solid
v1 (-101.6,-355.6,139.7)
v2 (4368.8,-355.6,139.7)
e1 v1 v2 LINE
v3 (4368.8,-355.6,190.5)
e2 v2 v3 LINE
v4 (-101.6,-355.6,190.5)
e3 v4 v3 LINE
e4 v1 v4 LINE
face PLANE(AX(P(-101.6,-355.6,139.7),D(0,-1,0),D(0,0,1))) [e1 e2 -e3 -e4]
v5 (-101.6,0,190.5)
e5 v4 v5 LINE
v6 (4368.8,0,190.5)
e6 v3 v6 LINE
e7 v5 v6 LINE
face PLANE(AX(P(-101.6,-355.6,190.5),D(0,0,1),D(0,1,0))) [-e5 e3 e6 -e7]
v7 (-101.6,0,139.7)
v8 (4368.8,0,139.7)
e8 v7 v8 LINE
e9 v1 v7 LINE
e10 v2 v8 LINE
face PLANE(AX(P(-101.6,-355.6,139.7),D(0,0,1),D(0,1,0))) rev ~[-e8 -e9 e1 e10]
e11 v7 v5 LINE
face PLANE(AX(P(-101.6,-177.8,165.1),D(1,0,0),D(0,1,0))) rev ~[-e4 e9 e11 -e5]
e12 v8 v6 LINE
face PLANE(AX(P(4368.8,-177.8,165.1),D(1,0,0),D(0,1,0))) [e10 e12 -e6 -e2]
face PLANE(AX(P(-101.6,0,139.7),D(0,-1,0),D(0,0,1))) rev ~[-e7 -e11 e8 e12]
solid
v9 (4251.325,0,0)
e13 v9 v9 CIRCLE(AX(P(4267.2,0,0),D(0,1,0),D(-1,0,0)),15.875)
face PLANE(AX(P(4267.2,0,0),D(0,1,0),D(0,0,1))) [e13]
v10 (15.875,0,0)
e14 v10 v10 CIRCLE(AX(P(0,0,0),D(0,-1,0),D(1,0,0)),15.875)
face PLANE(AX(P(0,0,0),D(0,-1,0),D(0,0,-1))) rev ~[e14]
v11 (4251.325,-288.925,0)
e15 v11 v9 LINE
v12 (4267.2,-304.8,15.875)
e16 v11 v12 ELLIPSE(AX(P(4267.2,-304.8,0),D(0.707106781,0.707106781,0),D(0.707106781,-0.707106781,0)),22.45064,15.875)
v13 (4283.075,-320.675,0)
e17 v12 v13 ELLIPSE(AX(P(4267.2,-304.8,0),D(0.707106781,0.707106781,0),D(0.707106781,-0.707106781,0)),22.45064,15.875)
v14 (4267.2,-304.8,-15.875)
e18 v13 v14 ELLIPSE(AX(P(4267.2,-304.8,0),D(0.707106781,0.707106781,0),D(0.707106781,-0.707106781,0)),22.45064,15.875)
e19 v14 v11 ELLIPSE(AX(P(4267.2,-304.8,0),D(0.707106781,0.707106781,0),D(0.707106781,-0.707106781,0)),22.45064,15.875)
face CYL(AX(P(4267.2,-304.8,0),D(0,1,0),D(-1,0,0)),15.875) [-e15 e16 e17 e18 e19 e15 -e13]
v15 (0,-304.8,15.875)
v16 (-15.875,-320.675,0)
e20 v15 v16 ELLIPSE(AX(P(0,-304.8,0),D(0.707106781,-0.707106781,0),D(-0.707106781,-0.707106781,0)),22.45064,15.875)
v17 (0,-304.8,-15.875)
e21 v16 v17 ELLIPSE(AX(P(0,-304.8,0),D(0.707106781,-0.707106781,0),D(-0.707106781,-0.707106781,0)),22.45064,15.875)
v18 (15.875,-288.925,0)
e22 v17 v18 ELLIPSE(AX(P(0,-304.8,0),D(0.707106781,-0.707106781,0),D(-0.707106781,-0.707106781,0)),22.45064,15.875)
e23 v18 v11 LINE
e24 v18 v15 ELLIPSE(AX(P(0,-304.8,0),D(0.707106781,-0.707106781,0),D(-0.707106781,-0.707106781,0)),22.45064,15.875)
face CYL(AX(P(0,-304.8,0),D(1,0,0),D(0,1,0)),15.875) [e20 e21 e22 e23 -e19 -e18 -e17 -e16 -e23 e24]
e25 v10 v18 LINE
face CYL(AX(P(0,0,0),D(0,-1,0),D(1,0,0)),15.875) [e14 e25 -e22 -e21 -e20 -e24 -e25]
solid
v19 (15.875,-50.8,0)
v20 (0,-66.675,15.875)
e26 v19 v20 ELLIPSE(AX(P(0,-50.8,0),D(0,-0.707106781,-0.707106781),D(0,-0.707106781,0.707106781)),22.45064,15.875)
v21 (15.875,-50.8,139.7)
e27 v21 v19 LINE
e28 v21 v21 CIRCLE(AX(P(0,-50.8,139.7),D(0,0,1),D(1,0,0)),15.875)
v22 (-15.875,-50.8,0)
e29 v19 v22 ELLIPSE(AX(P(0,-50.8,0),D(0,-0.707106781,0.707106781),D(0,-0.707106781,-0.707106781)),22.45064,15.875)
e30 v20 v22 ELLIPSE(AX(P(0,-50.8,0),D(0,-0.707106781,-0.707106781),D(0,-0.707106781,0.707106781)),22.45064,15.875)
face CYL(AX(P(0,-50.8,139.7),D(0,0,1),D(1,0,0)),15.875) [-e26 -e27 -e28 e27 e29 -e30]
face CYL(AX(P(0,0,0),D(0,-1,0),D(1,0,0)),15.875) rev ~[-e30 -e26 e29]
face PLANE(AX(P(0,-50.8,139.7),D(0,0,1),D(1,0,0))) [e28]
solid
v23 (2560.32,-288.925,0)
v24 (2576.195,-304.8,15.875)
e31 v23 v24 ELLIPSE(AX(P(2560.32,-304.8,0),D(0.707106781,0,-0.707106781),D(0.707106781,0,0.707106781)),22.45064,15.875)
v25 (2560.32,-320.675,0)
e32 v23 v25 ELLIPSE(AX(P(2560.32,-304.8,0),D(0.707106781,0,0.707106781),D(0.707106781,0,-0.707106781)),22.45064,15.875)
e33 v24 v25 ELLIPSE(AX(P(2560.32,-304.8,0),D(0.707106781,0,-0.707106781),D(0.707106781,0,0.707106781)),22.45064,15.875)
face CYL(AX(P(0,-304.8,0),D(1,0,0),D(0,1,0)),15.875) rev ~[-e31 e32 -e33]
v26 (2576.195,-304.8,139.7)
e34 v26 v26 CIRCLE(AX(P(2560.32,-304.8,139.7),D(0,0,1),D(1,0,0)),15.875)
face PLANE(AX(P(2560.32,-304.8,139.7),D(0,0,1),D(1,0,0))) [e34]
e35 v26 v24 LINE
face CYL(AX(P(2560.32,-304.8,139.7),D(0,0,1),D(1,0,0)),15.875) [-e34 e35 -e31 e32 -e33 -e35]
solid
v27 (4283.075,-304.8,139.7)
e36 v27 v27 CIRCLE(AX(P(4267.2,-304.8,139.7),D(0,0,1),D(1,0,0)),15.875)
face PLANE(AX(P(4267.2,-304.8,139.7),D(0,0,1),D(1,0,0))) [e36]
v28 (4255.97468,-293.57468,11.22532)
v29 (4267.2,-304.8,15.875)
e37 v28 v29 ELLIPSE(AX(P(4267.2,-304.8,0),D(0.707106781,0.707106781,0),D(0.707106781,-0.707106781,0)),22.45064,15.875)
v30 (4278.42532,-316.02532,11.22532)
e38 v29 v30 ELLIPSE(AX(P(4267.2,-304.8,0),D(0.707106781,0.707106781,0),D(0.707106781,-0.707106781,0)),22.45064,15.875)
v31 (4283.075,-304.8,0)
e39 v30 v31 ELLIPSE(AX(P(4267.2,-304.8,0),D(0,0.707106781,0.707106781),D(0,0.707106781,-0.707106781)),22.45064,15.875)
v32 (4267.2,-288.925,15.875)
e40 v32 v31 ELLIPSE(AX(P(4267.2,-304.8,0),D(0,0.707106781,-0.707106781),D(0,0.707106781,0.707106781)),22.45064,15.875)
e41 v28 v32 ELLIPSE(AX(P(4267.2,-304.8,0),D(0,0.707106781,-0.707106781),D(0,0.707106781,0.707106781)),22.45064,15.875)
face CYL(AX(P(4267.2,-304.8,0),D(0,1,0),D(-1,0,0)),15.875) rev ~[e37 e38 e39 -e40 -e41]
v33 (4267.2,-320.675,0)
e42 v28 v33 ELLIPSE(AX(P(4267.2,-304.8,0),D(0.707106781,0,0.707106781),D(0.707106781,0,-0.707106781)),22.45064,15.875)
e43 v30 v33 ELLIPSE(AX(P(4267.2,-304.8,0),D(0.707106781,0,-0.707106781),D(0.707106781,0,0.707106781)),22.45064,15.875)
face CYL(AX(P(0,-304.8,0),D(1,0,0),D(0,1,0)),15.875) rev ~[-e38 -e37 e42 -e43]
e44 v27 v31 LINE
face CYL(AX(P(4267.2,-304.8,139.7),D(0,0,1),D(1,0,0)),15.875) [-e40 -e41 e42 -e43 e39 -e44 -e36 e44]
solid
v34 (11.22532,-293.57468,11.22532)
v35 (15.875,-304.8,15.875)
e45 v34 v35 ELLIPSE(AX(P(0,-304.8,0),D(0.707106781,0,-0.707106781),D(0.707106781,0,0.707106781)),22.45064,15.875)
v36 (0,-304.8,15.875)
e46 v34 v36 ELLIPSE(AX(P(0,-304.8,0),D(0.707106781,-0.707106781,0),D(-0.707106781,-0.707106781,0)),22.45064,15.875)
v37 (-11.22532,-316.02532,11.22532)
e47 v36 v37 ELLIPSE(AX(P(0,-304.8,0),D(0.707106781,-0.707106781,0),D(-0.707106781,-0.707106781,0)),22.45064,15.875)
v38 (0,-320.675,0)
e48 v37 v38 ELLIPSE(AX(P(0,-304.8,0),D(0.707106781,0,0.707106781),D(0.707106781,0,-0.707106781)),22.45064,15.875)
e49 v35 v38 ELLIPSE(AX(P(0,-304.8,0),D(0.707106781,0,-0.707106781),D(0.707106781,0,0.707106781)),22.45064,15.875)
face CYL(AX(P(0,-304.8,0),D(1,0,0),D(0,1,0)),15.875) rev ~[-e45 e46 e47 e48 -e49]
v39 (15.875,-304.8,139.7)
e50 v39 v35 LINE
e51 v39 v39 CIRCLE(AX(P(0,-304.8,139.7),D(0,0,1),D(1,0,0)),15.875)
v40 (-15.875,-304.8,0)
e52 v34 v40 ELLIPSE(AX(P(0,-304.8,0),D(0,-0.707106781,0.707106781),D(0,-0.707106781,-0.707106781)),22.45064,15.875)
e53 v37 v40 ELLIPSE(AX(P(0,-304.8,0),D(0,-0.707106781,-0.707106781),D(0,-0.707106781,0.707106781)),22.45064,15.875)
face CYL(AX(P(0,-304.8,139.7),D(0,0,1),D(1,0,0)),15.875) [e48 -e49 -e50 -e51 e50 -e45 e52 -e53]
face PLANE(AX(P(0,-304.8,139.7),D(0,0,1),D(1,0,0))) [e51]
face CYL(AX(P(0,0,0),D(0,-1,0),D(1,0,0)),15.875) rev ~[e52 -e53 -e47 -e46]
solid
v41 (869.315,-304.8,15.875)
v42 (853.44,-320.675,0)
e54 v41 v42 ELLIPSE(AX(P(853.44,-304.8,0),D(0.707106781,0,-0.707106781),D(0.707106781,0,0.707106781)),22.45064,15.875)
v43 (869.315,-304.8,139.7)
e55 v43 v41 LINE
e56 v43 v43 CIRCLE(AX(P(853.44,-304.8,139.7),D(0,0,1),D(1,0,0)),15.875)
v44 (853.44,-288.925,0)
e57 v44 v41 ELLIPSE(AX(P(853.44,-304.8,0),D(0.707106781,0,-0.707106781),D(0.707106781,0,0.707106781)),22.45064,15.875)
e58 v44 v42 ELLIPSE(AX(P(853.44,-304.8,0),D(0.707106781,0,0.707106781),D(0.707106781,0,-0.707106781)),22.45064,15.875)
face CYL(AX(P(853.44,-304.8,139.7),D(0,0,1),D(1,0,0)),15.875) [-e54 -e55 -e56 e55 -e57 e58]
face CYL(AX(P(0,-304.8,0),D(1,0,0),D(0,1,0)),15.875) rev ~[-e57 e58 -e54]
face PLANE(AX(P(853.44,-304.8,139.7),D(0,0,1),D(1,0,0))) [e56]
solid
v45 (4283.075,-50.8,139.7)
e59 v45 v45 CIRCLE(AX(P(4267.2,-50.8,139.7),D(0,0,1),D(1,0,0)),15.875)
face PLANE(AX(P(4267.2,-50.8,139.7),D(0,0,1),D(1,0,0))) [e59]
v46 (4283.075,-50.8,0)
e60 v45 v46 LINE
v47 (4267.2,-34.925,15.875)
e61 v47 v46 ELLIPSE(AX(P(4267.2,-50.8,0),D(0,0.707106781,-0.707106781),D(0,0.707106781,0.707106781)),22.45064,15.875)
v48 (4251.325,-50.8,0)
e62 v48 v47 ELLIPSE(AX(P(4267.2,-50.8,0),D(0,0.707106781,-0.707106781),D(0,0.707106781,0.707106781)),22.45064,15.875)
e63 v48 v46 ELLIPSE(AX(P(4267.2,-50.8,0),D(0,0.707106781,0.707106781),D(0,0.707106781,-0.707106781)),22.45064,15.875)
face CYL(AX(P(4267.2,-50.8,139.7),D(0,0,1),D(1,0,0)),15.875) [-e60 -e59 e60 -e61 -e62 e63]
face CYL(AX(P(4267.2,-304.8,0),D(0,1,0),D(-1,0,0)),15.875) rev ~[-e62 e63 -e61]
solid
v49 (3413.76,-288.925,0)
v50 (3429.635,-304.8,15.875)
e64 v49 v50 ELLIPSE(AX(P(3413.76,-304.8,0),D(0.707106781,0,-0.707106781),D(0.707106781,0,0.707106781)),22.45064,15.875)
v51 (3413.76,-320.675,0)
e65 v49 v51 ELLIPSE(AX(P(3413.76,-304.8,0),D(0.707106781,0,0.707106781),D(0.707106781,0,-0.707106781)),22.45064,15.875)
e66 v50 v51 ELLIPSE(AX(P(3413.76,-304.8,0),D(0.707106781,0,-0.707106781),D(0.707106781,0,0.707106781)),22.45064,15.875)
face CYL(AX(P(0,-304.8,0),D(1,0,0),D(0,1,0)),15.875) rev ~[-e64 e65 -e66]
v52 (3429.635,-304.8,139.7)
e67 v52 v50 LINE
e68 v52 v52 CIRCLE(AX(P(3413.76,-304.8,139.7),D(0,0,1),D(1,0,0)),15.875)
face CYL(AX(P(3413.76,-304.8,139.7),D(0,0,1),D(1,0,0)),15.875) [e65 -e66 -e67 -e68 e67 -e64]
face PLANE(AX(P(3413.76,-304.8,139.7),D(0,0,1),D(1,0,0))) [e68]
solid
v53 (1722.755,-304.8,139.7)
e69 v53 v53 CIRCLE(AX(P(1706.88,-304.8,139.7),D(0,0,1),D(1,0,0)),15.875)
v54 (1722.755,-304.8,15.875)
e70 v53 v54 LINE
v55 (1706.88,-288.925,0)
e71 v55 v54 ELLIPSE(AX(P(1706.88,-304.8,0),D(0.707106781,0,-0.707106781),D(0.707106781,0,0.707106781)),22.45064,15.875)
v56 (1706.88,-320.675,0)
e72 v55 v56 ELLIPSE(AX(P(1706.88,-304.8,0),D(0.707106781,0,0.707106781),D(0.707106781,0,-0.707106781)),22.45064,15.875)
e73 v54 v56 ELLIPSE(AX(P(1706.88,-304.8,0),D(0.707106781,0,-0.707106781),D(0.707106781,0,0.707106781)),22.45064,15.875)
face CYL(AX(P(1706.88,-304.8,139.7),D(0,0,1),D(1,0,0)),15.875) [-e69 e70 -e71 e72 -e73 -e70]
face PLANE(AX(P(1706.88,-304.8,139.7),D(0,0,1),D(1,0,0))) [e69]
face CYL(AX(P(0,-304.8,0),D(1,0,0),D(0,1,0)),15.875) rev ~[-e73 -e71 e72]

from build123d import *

# Parameters (mm, degrees)
F1_R     = 15.875
F4_R     = 15.875
F7_W     = 355.6
F7_H     = 50.8
F8_DEPTH = 4470.4


with BuildPart() as f2:
    # F2: sweep along a path in F0
    with BuildLine(Plane.XY) as f2_path:
        Line((0, 0), (0, -304.8))
        Line((0, -304.8), (4267.2, -304.8))
        Line((4267.2, -304.8), (4267.2, 0))
    # F1 (on Front) → F2 (sweep)
    with BuildSketch(Plane.XZ):
        Circle(F1_R)
    sweep(path=f2_path.line, transition=Transition.RIGHT)


with BuildPart() as f5:
    # F4 (on offset) → F5 (new body, up to the next surface of F2)
    with BuildSketch(Plane.XY.offset(139.7)):
        with Locations((0, -50.8)):
            Circle(F4_R)
    extrude(until=Until.NEXT, target=f2.part, dir=(0, 0, -1))


with BuildPart() as f5b:
    # F4 (on offset) → F5, piece 2 (new body, up to the next surface of F2)
    with BuildSketch(Plane.XY.offset(139.7)):
        with Locations((0, -304.8)):
            Circle(F4_R)
    extrude(until=Until.NEXT, target=f2.part, dir=(0, 0, -1))


with BuildPart() as f5c:
    # F4 (on offset) → F5, piece 3 (new body, up to the next surface of F2)
    with BuildSketch(Plane.XY.offset(139.7)):
        with Locations((4267.2, -50.8)):
            Circle(F4_R)
    extrude(until=Until.NEXT, target=f2.part, dir=(0, 0, -1))


with BuildPart() as f5d:
    # F4 (on offset) → F5, piece 4 (new body, up to the next surface of F2)
    with BuildSketch(Plane.XY.offset(139.7)):
        with Locations((4267.2, -304.8)):
            Circle(F4_R)
    extrude(until=Until.NEXT, target=f2.part, dir=(0, 0, -1))


with BuildPart() as f5e:
    # F4 (on offset) → F5, piece 5 (new body, up to the next surface of F2)
    with BuildSketch(Plane.XY.offset(139.7)):
        with Locations((853.44, -304.8)):
            Circle(F4_R)
    extrude(until=Until.NEXT, target=f2.part, dir=(0, 0, -1))


with BuildPart() as f5f:
    # F4 (on offset) → F5, piece 6 (new body, up to the next surface of F2)
    with BuildSketch(Plane.XY.offset(139.7)):
        with Locations((1706.88, -304.8)):
            Circle(F4_R)
    extrude(until=Until.NEXT, target=f2.part, dir=(0, 0, -1))


with BuildPart() as f5g:
    # F4 (on offset) → F5, piece 7 (new body, up to the next surface of F2)
    with BuildSketch(Plane.XY.offset(139.7)):
        with Locations((2560.32, -304.8)):
            Circle(F4_R)
    extrude(until=Until.NEXT, target=f2.part, dir=(0, 0, -1))


with BuildPart() as f5h:
    # F4 (on offset) → F5, piece 8 (new body, up to the next surface of F2)
    with BuildSketch(Plane.XY.offset(139.7)):
        with Locations((3413.76, -304.8)):
            Circle(F4_R)
    extrude(until=Until.NEXT, target=f2.part, dir=(0, 0, -1))


with BuildPart() as f8:
    # F7 (on offset) → F8 (new body)
    with BuildSketch(Plane.YZ.offset(-101.6)):
        with Locations((-177.8, 165.1)):
            Rectangle(F7_W, F7_H)
    extrude(amount=F8_DEPTH)


solid = Compound([f2.part, f5.part, f5b.part, f5c.part, f5d.part, f5e.part, f5f.part, f5g.part, f5h.part, f8.part])
